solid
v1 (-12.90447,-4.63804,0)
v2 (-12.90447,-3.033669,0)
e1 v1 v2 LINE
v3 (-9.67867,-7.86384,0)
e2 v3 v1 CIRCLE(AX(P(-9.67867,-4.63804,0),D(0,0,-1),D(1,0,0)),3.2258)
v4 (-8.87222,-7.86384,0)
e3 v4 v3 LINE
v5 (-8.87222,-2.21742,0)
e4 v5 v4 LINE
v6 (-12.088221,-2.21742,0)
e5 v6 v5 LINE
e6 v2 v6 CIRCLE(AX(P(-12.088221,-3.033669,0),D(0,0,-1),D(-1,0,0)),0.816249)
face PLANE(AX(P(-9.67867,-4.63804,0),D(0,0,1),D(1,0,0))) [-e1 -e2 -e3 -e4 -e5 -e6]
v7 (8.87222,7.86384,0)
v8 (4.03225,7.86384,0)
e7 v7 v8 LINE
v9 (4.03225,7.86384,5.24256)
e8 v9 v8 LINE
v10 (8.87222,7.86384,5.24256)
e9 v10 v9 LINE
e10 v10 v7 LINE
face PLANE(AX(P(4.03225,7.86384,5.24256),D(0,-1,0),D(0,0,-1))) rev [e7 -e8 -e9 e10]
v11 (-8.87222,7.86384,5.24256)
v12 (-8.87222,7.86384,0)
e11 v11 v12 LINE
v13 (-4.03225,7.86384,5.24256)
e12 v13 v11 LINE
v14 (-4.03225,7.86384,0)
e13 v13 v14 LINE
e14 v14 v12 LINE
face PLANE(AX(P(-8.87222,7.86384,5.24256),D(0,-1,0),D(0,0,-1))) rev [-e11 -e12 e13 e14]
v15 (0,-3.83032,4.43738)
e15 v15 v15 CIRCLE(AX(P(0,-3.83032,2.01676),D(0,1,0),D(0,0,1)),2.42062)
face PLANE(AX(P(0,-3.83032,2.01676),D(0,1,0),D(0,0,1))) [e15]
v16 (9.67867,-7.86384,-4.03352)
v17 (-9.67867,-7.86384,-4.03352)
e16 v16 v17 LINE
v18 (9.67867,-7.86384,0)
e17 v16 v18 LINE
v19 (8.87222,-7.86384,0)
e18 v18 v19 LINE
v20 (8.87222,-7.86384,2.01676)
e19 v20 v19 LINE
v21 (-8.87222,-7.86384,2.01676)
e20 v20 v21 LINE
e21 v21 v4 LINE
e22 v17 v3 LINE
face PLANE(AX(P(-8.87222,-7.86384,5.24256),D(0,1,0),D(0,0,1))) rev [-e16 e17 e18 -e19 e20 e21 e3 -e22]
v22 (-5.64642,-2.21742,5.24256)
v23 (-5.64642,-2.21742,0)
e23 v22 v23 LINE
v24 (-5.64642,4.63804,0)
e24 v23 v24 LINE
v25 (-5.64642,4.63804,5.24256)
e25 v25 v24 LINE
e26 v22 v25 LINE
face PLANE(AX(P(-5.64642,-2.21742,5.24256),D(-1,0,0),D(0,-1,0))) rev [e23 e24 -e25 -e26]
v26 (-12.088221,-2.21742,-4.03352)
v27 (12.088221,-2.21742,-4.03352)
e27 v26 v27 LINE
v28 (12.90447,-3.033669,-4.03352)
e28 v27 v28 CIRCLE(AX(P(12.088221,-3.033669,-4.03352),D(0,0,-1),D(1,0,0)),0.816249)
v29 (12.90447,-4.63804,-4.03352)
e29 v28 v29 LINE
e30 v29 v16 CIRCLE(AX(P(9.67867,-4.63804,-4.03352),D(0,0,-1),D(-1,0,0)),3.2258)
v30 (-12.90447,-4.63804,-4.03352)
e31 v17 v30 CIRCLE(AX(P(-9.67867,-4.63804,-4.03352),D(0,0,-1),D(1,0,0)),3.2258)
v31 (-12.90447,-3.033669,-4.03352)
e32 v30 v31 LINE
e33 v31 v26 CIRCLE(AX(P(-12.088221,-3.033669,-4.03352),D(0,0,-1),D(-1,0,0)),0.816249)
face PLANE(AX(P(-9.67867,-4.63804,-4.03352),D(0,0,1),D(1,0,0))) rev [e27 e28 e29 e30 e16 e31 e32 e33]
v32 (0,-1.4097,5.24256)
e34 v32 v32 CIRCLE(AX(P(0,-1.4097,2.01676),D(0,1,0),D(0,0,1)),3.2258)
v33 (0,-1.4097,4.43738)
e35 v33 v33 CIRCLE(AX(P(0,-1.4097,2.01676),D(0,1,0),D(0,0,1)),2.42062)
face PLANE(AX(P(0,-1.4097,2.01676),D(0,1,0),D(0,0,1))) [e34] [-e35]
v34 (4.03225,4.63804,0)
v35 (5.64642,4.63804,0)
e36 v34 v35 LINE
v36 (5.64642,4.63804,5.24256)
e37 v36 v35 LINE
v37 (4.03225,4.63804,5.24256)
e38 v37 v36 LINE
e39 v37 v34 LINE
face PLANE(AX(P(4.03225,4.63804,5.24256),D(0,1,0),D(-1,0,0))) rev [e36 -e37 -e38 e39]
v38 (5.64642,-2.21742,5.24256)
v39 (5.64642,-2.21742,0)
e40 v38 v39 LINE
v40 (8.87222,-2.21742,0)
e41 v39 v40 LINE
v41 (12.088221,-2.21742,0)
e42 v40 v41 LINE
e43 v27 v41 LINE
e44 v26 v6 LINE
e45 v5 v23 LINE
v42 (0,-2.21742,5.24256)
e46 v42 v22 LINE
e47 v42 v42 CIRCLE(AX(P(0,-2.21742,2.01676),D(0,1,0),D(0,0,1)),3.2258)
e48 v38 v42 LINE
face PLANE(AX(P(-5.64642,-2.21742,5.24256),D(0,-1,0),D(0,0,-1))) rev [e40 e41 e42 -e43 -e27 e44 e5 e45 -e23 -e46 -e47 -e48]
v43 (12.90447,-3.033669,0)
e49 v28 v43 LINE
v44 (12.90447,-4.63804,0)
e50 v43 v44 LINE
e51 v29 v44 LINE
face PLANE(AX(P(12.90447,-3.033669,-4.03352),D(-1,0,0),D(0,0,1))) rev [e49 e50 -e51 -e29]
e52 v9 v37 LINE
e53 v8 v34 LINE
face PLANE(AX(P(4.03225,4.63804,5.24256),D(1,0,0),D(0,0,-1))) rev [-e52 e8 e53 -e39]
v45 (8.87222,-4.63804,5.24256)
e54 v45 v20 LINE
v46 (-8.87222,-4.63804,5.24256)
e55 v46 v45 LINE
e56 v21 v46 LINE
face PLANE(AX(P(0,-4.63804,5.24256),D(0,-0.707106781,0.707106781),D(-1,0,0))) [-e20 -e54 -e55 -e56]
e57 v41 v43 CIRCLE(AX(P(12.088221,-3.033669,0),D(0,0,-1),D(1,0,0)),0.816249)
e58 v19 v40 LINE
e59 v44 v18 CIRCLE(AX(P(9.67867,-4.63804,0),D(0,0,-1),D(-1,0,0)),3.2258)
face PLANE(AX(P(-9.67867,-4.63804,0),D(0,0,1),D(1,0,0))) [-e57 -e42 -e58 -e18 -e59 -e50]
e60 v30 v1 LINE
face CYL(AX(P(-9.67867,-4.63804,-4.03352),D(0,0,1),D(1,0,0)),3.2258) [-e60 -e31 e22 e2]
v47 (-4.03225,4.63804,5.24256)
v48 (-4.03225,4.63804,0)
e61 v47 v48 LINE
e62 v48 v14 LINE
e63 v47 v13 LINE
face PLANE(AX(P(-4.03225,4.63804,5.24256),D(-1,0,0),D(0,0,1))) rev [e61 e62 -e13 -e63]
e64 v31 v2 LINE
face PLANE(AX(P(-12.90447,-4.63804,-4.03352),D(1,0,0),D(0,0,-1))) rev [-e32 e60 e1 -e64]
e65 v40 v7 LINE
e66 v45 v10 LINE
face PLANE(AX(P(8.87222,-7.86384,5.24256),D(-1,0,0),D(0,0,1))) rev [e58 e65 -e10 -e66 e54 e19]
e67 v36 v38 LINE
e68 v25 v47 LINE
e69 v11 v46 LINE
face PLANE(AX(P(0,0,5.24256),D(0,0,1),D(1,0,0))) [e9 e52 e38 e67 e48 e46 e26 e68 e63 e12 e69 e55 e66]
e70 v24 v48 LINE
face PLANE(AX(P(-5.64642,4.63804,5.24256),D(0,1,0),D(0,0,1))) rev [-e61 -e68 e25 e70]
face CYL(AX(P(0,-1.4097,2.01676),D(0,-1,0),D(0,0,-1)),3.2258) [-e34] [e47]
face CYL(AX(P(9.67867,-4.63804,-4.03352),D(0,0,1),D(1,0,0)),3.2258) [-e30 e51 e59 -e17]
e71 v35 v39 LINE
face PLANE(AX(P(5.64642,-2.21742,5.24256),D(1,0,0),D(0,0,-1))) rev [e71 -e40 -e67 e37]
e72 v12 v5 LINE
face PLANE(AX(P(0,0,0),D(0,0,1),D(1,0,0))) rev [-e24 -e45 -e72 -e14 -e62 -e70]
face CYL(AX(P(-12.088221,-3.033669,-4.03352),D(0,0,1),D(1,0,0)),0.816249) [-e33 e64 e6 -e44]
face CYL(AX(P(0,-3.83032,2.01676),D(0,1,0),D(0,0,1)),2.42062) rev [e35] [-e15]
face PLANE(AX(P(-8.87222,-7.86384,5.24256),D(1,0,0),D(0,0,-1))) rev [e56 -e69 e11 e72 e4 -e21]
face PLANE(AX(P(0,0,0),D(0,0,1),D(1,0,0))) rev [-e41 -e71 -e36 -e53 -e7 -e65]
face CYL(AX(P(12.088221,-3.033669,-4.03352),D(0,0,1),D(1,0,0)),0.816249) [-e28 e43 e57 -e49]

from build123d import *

# Parameters (mm, degrees)
BOSS_EXTRUDE1_DEPTH = 5.24256
BOSS_EXTRUDE2_DEPTH = 4.03352
CHAMFER1_SIZE       = 3.2258
SKETCH3_R           = 3.2258
BOSS_EXTRUDE3_DEPTH = 0.80772
SKETCH4_R           = 2.42062
CUT_EXTRUDE1_DEPTH  = 2.42062


with BuildPart() as part:
    # Sketch1 → Boss-Extrude1 (new body)
    with BuildSketch(Plane.XY):
        Polygon((-8.87222, -7.86384), (8.87222, -7.86384), (8.87222, 7.86384), (4.03225, 7.86384), (4.03225, 4.63804), (5.64642, 4.63804), (5.64642, -2.21742), (-5.64642, -2.21742), (-5.64642, 4.63804), (-4.03225, 4.63804), (-4.03225, 7.86384), (-8.87222, 7.86384), align=None)
    extrude(amount=BOSS_EXTRUDE1_DEPTH)

    # Sketch2 → Boss-Extrude2 (add)
    with BuildSketch(Plane(origin=(0, 0, 0), x_dir=(-1, 0, 0), z_dir=(0, 0, -1))):
        with BuildLine():
            Line((-12.088220572, -2.21742), (12.088220572, -2.21742))
            ThreePointArc((12.088220572, -2.21742), (12.665396078, -2.456493922), (12.90447, -3.033669428))
            Line((12.90447, -3.033669428), (12.90447, -4.63804))
            ThreePointArc((12.90447, -4.63804), (11.959655055, -6.919025055), (9.67867, -7.86384))
            Line((9.67867, -7.86384), (-9.67867, -7.86384))
            ThreePointArc((-9.67867, -7.86384), (-11.959655055, -6.919025055), (-12.90447, -4.63804))
            Line((-12.90447, -4.63804), (-12.90447, -3.033669428))
            ThreePointArc((-12.90447, -3.033669428), (-12.665396078, -2.456493922), (-12.088220572, -2.21742))
        make_face()
    extrude(amount=BOSS_EXTRUDE2_DEPTH)

    # Chamfer1
    chamfer1_edges = [part.edges().sort_by_distance(p)[0] for p in [
        (0, -7.86384, 5.24256),
    ]]
    chamfer(chamfer1_edges, length=CHAMFER1_SIZE)

    # Sketch3 → Boss-Extrude3 (add)
    with BuildSketch(Plane(origin=(0, -2.21742, 0), x_dir=(1, 0, 0), z_dir=(0, 1, 0))):
        with Locations((0, -2.01676)):
            Circle(SKETCH3_R)
    extrude(amount=BOSS_EXTRUDE3_DEPTH)

    # Sketch4 → Cut-Extrude1 (cut)
    with BuildSketch(Plane(origin=(0, -1.4097, 0), x_dir=(1, 0, 0), z_dir=(0, 1, 0))):
        with Locations((0, -2.01676)):
            Circle(SKETCH4_R)
    extrude(amount=-CUT_EXTRUDE1_DEPTH, mode=Mode.SUBTRACT)


solid = part.part
